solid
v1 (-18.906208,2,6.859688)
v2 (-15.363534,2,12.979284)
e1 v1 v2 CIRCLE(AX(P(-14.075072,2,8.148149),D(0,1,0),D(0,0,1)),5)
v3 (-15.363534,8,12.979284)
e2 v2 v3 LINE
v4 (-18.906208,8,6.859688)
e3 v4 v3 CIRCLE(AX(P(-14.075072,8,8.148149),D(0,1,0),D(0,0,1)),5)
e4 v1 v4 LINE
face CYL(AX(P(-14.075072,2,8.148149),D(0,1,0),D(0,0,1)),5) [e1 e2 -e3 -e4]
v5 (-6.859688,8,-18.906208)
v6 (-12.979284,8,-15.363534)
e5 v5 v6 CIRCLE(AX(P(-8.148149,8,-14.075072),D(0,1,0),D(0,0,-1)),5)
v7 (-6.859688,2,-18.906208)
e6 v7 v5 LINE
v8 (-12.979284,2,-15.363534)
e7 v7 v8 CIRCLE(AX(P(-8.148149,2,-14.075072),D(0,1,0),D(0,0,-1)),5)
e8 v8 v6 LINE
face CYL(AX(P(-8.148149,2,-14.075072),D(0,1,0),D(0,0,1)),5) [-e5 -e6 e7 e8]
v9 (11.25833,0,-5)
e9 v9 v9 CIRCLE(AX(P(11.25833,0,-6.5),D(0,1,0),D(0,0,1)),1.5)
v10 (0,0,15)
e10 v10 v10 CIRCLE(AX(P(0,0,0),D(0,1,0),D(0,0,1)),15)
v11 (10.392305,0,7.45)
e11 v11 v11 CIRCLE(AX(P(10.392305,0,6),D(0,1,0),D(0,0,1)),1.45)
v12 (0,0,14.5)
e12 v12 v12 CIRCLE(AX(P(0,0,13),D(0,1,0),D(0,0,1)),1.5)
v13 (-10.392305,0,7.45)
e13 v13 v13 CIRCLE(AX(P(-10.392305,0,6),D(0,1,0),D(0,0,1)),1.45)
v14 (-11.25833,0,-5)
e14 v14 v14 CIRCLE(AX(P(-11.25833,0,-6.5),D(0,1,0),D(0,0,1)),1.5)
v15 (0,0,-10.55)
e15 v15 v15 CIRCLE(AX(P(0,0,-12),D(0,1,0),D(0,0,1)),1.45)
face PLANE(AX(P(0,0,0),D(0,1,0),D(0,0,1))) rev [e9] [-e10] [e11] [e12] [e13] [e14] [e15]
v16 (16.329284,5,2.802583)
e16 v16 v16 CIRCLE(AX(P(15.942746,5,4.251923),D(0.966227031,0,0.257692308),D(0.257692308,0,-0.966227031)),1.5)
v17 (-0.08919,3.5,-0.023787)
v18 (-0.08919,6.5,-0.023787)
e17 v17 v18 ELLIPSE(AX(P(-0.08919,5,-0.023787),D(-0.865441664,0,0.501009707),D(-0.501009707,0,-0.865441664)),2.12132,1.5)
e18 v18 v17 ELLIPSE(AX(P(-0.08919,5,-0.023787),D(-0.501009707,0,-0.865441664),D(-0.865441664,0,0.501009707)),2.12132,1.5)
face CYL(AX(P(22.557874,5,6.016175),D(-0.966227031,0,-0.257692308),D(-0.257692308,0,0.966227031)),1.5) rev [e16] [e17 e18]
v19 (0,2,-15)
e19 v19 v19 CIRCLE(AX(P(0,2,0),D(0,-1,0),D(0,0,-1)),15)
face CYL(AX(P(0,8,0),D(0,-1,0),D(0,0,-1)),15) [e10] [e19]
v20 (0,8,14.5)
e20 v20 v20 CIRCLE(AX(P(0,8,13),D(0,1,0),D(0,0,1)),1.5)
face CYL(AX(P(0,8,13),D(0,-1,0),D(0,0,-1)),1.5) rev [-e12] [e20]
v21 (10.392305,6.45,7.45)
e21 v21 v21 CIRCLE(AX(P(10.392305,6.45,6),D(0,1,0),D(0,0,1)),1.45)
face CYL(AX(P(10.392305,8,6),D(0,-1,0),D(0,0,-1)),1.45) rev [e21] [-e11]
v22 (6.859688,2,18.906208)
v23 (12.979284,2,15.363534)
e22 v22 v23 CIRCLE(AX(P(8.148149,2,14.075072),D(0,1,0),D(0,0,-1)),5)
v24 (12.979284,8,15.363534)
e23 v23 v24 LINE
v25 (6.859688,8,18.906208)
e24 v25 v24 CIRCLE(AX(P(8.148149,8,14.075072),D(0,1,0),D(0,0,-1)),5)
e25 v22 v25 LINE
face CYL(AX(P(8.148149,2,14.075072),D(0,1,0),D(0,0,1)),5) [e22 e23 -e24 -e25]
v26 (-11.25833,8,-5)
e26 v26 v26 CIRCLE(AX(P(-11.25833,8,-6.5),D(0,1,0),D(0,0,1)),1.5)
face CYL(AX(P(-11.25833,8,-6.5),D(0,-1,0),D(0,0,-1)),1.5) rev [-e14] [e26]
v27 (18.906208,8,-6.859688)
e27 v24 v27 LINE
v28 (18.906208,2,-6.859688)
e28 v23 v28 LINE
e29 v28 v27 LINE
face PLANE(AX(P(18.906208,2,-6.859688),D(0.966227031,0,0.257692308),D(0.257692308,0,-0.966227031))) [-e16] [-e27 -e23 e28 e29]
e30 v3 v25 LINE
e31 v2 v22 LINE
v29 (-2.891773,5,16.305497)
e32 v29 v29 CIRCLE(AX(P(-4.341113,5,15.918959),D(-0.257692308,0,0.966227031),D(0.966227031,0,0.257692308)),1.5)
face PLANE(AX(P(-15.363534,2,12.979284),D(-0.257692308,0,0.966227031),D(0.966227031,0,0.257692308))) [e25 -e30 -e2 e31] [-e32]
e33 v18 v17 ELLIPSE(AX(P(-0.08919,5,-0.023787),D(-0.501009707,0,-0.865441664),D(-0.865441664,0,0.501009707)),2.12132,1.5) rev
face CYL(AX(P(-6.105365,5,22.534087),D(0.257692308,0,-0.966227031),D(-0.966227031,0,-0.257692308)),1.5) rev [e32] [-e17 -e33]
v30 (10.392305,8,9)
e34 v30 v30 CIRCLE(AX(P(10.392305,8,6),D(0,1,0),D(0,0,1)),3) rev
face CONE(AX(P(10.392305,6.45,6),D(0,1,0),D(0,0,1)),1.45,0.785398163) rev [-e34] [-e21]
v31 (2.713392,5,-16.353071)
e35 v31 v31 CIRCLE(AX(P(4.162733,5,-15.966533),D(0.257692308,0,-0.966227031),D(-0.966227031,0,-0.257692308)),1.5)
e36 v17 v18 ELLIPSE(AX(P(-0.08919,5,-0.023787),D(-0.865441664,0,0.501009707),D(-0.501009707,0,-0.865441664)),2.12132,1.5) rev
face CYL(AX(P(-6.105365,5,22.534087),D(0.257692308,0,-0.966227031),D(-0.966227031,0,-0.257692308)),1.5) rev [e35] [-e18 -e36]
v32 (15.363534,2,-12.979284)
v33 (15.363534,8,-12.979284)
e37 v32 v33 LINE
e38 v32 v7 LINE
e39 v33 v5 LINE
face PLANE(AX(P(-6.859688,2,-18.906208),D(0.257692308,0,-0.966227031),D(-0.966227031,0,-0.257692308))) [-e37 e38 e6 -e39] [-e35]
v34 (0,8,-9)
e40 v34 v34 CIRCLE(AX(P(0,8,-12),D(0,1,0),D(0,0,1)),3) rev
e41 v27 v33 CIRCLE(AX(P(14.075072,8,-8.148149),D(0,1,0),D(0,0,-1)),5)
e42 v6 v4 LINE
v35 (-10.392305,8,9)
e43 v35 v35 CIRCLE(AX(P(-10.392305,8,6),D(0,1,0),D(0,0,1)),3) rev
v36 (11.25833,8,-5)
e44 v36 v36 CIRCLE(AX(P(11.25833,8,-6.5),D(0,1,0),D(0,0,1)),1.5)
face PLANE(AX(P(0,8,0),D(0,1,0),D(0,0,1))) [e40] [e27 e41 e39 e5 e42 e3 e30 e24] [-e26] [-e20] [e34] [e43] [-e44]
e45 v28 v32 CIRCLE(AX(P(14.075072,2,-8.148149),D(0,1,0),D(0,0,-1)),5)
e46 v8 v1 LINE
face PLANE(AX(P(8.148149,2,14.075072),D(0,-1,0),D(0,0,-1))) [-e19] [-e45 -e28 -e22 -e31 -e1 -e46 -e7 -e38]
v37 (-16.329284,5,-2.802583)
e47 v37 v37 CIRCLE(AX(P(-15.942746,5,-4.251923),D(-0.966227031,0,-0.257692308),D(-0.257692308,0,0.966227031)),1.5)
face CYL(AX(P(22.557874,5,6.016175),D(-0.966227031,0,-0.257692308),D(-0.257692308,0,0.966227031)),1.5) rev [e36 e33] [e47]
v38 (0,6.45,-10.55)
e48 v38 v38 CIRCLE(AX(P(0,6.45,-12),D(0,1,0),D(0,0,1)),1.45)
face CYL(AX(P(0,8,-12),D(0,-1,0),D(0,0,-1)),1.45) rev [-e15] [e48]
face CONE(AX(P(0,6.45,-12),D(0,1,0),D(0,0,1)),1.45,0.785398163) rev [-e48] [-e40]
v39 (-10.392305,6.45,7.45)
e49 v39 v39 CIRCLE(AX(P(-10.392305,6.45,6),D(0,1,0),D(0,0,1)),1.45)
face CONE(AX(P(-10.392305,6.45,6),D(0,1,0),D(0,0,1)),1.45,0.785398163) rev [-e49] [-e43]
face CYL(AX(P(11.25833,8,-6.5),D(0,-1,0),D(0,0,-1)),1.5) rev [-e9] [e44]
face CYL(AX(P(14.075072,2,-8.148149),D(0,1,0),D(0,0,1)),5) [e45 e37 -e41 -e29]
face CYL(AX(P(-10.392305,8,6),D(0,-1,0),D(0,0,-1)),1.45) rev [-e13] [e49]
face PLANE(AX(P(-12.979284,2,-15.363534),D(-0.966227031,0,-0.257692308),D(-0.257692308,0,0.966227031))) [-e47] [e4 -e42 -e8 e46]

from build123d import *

# Parameters (mm, degrees)
SKETCH_1_R          = 15
SKETCH_1_R_2        = 1.45
SKETCH_1_R_3        = 1.5
EXTRUDE_1_DEPTH     = 8
SKETCH_2_R          = 1.45
SKETCH_2_R_2        = 1.5
EXTRUDE_2_DEPTH     = 6
CHAMFER_1_SIZE      = 1.55
SKETCH_3_R          = 1.5
CUT_EXTRUDE_1_DEPTH = 40.846349976
SKETCH_4_R          = 1.5
CUT_EXTRUDE_2_DEPTH = 40.846349976


with BuildPart() as part:
    # 草图1 → 凸台-拉伸1 (new body)
    with BuildSketch(Plane(origin=(0, 0, 0), x_dir=(1, 0, 0), z_dir=(0, 1, 0))):
        Circle(SKETCH_1_R)
        with Locations((0, 12)):
            Circle(SKETCH_1_R_2, mode=Mode.SUBTRACT)
        with Locations((-10.392304845, -6)):
            Circle(SKETCH_1_R_2, mode=Mode.SUBTRACT)
        with Locations((10.392304845, -6)):
            Circle(SKETCH_1_R_2, mode=Mode.SUBTRACT)
        with Locations((-11.258330249, 6.5)):
            Circle(SKETCH_1_R_3, mode=Mode.SUBTRACT)
        with Locations((0, -13)):
            Circle(SKETCH_1_R_3, mode=Mode.SUBTRACT)
        with Locations((11.258330249, 6.5)):
            Circle(SKETCH_1_R_3, mode=Mode.SUBTRACT)
    extrude(amount=EXTRUDE_1_DEPTH)

    # 草图2 → 凸台-拉伸2 (add)
    with BuildSketch(Plane(origin=(0, 8, 0), x_dir=(1, 0, 0), z_dir=(0, 1, 0))):
        with BuildLine():
            Line((-6.859687774, 18.906207542), (15.363533928, 12.979284466))
            ThreePointArc((15.363533928, 12.979284466), (18.402280708, 10.653197849), (18.906207542, 6.859687774))
            Line((18.906207542, 6.859687774), (12.979284466, -15.363533928))
            ThreePointArc((12.979284466, -15.363533928), (10.653197849, -18.402280708), (6.859687774, -18.906207542))
            Line((6.859687774, -18.906207542), (-15.363533928, -12.979284466))
            ThreePointArc((-15.363533928, -12.979284466), (-18.402280708, -10.653197849), (-18.906207542, -6.859687774))
            Line((-18.906207542, -6.859687774), (-12.979284466, 15.363533928))
            ThreePointArc((-12.979284466, 15.363533928), (-10.653197849, 18.402280708), (-6.859687774, 18.906207542))
        make_face()
        with Locations((0, 12)):
            Circle(SKETCH_2_R, mode=Mode.SUBTRACT)
        with Locations((-11.258330249, 6.5)):
            Circle(SKETCH_2_R_2, mode=Mode.SUBTRACT)
        with Locations((11.258330249, 6.5)):
            Circle(SKETCH_2_R_2, mode=Mode.SUBTRACT)
        with Locations((-10.392304845, -6)):
            Circle(SKETCH_2_R, mode=Mode.SUBTRACT)
        with Locations((0, -13)):
            Circle(SKETCH_2_R_2, mode=Mode.SUBTRACT)
        with Locations((10.392304845, -6)):
            Circle(SKETCH_2_R, mode=Mode.SUBTRACT)
    extrude(amount=-EXTRUDE_2_DEPTH)

    # 倒角1
    chamfer_1_edges = [part.edges().sort_by_distance(p)[0] for p in [
        (8.942304845, 8, 6),
        (-1.45, 8, -12),
        (-11.842304845, 8, 6),
    ]]
    chamfer(chamfer_1_edges, length=CHAMFER_1_SIZE)

    # 草图3 → 切除-拉伸1 (cut, through all)
    with BuildSketch(Plane(origin=(-15.942746004, 0, -4.251923077), x_dir=(-0.257692308, 0, 0.966227031), z_dir=(-0.966227031, 0, -0.257692308))):
        with Locations((0, 5)):
            Circle(SKETCH_3_R)
    extrude(amount=-CUT_EXTRUDE_1_DEPTH, mode=Mode.SUBTRACT)

    # 草图4 → 切除-拉伸2 (cut, through all)
    with BuildSketch(Plane(origin=(4.251923077, 0, -15.942746004), x_dir=(-0.966227031, 0, -0.257692308), z_dir=(0.257692308, 0, -0.966227031))):
        with Locations((0.092307692, 5)):
            Circle(SKETCH_4_R)
    extrude(amount=-CUT_EXTRUDE_2_DEPTH, mode=Mode.SUBTRACT)


solid = part.part
